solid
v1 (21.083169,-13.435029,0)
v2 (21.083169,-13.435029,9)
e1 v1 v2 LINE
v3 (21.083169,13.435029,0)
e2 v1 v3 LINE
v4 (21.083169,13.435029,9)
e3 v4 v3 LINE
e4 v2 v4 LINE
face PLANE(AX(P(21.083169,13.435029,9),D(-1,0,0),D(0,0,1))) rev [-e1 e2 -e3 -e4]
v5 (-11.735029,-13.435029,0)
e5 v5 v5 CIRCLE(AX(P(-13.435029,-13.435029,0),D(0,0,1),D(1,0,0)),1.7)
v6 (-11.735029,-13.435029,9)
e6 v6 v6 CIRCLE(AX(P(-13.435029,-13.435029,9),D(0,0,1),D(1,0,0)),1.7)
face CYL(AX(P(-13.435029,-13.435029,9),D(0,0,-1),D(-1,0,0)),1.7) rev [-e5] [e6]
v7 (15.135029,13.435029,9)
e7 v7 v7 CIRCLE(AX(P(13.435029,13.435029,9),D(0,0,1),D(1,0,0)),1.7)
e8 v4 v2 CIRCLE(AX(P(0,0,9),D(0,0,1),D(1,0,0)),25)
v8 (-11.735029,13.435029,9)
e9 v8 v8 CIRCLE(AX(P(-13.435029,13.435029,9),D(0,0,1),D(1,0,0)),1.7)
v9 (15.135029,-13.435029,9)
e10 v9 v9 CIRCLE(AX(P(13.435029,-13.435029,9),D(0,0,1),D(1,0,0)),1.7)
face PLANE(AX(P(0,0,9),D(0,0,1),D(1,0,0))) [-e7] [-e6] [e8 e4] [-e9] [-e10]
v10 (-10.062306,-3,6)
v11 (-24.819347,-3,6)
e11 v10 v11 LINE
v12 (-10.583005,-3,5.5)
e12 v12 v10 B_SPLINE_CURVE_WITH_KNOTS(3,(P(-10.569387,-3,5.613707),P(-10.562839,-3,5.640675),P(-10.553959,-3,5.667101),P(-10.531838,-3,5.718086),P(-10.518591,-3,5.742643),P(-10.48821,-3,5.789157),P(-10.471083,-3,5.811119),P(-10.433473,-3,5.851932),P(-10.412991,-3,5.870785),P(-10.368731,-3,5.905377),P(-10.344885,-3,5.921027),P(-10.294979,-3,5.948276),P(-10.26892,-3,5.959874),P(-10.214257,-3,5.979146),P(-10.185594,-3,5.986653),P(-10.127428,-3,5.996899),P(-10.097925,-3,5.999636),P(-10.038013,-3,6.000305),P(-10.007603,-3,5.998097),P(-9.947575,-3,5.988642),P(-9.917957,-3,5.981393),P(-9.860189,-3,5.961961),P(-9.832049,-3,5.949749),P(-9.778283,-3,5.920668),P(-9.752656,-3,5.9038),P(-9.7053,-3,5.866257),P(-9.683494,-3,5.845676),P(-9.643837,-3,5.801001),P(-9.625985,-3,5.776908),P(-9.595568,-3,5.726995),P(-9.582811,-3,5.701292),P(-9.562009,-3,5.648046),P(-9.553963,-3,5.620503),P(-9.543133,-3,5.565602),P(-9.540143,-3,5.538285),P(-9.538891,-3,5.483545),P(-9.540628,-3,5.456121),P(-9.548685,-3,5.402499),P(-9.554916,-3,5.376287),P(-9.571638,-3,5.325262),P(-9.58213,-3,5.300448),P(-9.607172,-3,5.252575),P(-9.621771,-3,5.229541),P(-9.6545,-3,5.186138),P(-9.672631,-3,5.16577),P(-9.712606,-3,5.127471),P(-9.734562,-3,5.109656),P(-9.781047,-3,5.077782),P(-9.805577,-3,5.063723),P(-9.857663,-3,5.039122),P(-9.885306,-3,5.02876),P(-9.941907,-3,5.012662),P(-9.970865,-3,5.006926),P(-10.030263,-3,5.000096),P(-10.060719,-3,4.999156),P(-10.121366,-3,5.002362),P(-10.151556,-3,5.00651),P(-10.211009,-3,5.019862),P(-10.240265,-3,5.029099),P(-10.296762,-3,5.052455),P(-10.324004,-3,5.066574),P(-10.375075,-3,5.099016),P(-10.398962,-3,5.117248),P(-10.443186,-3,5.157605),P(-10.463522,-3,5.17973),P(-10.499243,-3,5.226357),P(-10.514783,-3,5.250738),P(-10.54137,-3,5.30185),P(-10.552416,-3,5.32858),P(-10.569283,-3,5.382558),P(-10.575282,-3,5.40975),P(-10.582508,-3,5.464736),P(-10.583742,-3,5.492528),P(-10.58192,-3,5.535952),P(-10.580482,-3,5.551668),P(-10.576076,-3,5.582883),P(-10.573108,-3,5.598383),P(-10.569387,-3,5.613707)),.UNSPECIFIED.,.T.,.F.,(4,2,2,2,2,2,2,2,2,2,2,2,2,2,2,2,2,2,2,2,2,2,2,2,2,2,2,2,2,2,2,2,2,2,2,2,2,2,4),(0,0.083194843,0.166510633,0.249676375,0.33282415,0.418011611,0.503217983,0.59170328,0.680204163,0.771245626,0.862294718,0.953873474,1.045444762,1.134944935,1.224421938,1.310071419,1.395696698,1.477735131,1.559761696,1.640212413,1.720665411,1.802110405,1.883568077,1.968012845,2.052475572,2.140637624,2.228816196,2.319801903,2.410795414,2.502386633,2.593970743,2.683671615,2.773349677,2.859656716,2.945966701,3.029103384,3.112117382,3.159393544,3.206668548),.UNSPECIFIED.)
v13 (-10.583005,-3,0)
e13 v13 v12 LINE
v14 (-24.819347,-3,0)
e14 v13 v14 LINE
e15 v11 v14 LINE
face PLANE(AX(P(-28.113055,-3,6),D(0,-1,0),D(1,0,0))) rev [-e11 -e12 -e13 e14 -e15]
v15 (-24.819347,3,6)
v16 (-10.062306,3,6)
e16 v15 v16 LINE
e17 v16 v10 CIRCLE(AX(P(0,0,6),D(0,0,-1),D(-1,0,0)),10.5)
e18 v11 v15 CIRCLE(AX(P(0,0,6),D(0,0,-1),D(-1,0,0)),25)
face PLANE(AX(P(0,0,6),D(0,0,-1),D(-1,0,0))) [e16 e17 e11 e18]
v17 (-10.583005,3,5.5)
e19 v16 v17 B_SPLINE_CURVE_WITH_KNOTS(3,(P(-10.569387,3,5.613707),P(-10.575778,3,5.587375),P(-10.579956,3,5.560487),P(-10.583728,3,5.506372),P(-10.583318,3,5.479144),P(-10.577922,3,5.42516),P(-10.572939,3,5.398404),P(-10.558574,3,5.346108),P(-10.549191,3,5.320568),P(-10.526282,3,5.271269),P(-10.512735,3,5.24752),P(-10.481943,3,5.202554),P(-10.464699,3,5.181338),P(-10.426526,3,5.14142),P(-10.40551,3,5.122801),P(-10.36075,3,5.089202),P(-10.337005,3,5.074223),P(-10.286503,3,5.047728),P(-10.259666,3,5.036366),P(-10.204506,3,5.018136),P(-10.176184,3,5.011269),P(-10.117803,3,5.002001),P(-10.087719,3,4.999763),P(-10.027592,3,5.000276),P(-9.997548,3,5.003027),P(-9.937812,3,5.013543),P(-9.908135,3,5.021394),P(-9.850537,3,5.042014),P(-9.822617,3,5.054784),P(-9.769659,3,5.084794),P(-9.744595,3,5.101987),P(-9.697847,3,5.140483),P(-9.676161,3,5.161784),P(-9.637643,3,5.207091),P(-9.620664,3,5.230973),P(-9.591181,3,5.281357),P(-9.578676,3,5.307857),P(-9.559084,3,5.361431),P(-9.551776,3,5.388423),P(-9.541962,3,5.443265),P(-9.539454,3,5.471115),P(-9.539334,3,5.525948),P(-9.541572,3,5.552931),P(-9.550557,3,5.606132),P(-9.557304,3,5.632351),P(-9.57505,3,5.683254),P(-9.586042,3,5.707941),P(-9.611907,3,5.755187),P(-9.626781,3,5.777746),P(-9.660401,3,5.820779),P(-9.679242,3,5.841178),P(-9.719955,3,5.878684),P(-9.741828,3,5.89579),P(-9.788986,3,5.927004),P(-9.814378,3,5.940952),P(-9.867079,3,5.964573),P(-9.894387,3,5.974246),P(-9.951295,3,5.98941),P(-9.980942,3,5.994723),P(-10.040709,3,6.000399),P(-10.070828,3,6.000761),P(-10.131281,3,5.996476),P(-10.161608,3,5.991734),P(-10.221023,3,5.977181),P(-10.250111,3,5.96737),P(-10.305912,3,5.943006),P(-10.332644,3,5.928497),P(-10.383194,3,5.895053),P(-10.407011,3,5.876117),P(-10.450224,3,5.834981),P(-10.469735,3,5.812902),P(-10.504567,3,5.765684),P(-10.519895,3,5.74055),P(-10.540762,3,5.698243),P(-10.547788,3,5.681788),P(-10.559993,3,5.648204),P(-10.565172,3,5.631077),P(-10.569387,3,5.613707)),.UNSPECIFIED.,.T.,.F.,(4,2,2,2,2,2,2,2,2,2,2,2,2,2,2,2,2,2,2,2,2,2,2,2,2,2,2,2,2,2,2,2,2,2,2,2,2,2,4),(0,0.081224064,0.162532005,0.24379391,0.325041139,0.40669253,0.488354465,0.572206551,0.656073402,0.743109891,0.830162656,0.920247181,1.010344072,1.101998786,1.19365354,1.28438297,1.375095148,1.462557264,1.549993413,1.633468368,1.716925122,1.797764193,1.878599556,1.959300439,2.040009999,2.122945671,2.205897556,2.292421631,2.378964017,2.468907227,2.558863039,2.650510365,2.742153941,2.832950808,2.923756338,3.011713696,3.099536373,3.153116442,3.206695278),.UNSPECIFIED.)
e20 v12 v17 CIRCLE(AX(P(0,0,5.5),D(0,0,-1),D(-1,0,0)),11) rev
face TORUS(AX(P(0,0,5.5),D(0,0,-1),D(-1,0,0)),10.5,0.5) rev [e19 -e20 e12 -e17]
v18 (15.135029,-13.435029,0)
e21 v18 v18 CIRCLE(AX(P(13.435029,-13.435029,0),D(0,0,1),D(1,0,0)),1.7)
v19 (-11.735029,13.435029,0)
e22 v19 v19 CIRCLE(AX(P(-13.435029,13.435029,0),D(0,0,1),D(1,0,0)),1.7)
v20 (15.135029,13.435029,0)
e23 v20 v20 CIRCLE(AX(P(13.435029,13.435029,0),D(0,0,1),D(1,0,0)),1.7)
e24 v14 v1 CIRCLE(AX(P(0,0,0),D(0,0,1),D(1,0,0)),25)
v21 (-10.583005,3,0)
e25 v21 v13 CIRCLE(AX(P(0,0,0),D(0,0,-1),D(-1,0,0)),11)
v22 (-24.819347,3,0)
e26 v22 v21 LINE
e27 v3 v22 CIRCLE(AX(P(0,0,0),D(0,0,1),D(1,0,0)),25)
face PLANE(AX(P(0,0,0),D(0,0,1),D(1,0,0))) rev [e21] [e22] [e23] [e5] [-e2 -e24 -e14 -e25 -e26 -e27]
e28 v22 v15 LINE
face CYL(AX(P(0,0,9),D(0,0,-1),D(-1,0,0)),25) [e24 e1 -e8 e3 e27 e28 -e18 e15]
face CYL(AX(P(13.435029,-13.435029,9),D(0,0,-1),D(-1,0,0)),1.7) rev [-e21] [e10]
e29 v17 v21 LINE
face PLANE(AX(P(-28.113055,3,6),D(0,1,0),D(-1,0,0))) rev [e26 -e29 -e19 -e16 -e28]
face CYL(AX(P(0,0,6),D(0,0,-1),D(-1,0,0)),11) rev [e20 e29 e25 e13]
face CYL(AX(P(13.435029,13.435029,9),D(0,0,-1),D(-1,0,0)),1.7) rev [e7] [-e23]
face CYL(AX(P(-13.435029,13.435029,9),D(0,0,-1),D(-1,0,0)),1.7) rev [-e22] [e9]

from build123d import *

# Parameters (mm, degrees)
ESQUISSE1_R             = 25
ESQUISSE1_R_2           = 1.7
BOSS_EXTRU_1_DEPTH      = 9
ESQUISSE6_R             = 11
ENL_V_MAT_EXTRU_2_DEPTH = 6
CONG_2_R                = 0.5
ESQUISSE15_W            = 7.963879273
ESQUISSE15_H            = 27.450042448
ENL_V_MAT_EXTRU_4_DEPTH = 37.482872694
ESQUISSE16_W            = 21.21339198
ESQUISSE16_H            = 6
ENL_V_MAT_EXTRU_5_DEPTH = 6


with BuildPart() as part:
    # Esquisse1 → Boss.-Extru.1 (new body)
    with BuildSketch(Plane.XY):
        Circle(ESQUISSE1_R)
        with Locations((-13.435028843, 13.435028843)):
            Circle(ESQUISSE1_R_2, mode=Mode.SUBTRACT)
        with Locations((13.435028843, 13.435028843)):
            Circle(ESQUISSE1_R_2, mode=Mode.SUBTRACT)
        with Locations((13.435028843, -13.435028843)):
            Circle(ESQUISSE1_R_2, mode=Mode.SUBTRACT)
        with Locations((-13.435028843, -13.435028843)):
            Circle(ESQUISSE1_R_2, mode=Mode.SUBTRACT)
    extrude(amount=BOSS_EXTRU_1_DEPTH)

    # Esquisse6 → Enlèv. mat.-Extru.2 (cut)
    with BuildSketch(Plane(origin=(0, 0, 0), x_dir=(-1, 0, 0), z_dir=(0, 0, -1))):
        Circle(ESQUISSE6_R)
    extrude(amount=-ENL_V_MAT_EXTRU_2_DEPTH, mode=Mode.SUBTRACT)

    # Congé2
    cong_2_edges = [part.edges().sort_by_distance(p)[0] for p in [
        (11, 0, 6),
    ]]
    fillet(cong_2_edges, radius=CONG_2_R)

    # Esquisse15 → Enlèv. mat.-Extru.4 (cut, through all)
    with BuildSketch(Plane(origin=(0, 0, 0), x_dir=(-1, 0, 0), z_dir=(0, 0, -1))):
        with Locations((-25.065108278, -0.289992381)):
            Rectangle(ESQUISSE15_W, ESQUISSE15_H)
    extrude(amount=-ENL_V_MAT_EXTRU_4_DEPTH, mode=Mode.SUBTRACT)

    # Esquisse16 → Enlèv. mat.-Extru.5 (cut)
    with BuildSketch(Plane(origin=(0, 0, 0), x_dir=(-1, 0, 0), z_dir=(0, 0, -1))):
        with Locations((17.506358801, 0)):
            Rectangle(ESQUISSE16_W, ESQUISSE16_H)
    extrude(amount=-ENL_V_MAT_EXTRU_5_DEPTH, mode=Mode.SUBTRACT)


solid = part.part
